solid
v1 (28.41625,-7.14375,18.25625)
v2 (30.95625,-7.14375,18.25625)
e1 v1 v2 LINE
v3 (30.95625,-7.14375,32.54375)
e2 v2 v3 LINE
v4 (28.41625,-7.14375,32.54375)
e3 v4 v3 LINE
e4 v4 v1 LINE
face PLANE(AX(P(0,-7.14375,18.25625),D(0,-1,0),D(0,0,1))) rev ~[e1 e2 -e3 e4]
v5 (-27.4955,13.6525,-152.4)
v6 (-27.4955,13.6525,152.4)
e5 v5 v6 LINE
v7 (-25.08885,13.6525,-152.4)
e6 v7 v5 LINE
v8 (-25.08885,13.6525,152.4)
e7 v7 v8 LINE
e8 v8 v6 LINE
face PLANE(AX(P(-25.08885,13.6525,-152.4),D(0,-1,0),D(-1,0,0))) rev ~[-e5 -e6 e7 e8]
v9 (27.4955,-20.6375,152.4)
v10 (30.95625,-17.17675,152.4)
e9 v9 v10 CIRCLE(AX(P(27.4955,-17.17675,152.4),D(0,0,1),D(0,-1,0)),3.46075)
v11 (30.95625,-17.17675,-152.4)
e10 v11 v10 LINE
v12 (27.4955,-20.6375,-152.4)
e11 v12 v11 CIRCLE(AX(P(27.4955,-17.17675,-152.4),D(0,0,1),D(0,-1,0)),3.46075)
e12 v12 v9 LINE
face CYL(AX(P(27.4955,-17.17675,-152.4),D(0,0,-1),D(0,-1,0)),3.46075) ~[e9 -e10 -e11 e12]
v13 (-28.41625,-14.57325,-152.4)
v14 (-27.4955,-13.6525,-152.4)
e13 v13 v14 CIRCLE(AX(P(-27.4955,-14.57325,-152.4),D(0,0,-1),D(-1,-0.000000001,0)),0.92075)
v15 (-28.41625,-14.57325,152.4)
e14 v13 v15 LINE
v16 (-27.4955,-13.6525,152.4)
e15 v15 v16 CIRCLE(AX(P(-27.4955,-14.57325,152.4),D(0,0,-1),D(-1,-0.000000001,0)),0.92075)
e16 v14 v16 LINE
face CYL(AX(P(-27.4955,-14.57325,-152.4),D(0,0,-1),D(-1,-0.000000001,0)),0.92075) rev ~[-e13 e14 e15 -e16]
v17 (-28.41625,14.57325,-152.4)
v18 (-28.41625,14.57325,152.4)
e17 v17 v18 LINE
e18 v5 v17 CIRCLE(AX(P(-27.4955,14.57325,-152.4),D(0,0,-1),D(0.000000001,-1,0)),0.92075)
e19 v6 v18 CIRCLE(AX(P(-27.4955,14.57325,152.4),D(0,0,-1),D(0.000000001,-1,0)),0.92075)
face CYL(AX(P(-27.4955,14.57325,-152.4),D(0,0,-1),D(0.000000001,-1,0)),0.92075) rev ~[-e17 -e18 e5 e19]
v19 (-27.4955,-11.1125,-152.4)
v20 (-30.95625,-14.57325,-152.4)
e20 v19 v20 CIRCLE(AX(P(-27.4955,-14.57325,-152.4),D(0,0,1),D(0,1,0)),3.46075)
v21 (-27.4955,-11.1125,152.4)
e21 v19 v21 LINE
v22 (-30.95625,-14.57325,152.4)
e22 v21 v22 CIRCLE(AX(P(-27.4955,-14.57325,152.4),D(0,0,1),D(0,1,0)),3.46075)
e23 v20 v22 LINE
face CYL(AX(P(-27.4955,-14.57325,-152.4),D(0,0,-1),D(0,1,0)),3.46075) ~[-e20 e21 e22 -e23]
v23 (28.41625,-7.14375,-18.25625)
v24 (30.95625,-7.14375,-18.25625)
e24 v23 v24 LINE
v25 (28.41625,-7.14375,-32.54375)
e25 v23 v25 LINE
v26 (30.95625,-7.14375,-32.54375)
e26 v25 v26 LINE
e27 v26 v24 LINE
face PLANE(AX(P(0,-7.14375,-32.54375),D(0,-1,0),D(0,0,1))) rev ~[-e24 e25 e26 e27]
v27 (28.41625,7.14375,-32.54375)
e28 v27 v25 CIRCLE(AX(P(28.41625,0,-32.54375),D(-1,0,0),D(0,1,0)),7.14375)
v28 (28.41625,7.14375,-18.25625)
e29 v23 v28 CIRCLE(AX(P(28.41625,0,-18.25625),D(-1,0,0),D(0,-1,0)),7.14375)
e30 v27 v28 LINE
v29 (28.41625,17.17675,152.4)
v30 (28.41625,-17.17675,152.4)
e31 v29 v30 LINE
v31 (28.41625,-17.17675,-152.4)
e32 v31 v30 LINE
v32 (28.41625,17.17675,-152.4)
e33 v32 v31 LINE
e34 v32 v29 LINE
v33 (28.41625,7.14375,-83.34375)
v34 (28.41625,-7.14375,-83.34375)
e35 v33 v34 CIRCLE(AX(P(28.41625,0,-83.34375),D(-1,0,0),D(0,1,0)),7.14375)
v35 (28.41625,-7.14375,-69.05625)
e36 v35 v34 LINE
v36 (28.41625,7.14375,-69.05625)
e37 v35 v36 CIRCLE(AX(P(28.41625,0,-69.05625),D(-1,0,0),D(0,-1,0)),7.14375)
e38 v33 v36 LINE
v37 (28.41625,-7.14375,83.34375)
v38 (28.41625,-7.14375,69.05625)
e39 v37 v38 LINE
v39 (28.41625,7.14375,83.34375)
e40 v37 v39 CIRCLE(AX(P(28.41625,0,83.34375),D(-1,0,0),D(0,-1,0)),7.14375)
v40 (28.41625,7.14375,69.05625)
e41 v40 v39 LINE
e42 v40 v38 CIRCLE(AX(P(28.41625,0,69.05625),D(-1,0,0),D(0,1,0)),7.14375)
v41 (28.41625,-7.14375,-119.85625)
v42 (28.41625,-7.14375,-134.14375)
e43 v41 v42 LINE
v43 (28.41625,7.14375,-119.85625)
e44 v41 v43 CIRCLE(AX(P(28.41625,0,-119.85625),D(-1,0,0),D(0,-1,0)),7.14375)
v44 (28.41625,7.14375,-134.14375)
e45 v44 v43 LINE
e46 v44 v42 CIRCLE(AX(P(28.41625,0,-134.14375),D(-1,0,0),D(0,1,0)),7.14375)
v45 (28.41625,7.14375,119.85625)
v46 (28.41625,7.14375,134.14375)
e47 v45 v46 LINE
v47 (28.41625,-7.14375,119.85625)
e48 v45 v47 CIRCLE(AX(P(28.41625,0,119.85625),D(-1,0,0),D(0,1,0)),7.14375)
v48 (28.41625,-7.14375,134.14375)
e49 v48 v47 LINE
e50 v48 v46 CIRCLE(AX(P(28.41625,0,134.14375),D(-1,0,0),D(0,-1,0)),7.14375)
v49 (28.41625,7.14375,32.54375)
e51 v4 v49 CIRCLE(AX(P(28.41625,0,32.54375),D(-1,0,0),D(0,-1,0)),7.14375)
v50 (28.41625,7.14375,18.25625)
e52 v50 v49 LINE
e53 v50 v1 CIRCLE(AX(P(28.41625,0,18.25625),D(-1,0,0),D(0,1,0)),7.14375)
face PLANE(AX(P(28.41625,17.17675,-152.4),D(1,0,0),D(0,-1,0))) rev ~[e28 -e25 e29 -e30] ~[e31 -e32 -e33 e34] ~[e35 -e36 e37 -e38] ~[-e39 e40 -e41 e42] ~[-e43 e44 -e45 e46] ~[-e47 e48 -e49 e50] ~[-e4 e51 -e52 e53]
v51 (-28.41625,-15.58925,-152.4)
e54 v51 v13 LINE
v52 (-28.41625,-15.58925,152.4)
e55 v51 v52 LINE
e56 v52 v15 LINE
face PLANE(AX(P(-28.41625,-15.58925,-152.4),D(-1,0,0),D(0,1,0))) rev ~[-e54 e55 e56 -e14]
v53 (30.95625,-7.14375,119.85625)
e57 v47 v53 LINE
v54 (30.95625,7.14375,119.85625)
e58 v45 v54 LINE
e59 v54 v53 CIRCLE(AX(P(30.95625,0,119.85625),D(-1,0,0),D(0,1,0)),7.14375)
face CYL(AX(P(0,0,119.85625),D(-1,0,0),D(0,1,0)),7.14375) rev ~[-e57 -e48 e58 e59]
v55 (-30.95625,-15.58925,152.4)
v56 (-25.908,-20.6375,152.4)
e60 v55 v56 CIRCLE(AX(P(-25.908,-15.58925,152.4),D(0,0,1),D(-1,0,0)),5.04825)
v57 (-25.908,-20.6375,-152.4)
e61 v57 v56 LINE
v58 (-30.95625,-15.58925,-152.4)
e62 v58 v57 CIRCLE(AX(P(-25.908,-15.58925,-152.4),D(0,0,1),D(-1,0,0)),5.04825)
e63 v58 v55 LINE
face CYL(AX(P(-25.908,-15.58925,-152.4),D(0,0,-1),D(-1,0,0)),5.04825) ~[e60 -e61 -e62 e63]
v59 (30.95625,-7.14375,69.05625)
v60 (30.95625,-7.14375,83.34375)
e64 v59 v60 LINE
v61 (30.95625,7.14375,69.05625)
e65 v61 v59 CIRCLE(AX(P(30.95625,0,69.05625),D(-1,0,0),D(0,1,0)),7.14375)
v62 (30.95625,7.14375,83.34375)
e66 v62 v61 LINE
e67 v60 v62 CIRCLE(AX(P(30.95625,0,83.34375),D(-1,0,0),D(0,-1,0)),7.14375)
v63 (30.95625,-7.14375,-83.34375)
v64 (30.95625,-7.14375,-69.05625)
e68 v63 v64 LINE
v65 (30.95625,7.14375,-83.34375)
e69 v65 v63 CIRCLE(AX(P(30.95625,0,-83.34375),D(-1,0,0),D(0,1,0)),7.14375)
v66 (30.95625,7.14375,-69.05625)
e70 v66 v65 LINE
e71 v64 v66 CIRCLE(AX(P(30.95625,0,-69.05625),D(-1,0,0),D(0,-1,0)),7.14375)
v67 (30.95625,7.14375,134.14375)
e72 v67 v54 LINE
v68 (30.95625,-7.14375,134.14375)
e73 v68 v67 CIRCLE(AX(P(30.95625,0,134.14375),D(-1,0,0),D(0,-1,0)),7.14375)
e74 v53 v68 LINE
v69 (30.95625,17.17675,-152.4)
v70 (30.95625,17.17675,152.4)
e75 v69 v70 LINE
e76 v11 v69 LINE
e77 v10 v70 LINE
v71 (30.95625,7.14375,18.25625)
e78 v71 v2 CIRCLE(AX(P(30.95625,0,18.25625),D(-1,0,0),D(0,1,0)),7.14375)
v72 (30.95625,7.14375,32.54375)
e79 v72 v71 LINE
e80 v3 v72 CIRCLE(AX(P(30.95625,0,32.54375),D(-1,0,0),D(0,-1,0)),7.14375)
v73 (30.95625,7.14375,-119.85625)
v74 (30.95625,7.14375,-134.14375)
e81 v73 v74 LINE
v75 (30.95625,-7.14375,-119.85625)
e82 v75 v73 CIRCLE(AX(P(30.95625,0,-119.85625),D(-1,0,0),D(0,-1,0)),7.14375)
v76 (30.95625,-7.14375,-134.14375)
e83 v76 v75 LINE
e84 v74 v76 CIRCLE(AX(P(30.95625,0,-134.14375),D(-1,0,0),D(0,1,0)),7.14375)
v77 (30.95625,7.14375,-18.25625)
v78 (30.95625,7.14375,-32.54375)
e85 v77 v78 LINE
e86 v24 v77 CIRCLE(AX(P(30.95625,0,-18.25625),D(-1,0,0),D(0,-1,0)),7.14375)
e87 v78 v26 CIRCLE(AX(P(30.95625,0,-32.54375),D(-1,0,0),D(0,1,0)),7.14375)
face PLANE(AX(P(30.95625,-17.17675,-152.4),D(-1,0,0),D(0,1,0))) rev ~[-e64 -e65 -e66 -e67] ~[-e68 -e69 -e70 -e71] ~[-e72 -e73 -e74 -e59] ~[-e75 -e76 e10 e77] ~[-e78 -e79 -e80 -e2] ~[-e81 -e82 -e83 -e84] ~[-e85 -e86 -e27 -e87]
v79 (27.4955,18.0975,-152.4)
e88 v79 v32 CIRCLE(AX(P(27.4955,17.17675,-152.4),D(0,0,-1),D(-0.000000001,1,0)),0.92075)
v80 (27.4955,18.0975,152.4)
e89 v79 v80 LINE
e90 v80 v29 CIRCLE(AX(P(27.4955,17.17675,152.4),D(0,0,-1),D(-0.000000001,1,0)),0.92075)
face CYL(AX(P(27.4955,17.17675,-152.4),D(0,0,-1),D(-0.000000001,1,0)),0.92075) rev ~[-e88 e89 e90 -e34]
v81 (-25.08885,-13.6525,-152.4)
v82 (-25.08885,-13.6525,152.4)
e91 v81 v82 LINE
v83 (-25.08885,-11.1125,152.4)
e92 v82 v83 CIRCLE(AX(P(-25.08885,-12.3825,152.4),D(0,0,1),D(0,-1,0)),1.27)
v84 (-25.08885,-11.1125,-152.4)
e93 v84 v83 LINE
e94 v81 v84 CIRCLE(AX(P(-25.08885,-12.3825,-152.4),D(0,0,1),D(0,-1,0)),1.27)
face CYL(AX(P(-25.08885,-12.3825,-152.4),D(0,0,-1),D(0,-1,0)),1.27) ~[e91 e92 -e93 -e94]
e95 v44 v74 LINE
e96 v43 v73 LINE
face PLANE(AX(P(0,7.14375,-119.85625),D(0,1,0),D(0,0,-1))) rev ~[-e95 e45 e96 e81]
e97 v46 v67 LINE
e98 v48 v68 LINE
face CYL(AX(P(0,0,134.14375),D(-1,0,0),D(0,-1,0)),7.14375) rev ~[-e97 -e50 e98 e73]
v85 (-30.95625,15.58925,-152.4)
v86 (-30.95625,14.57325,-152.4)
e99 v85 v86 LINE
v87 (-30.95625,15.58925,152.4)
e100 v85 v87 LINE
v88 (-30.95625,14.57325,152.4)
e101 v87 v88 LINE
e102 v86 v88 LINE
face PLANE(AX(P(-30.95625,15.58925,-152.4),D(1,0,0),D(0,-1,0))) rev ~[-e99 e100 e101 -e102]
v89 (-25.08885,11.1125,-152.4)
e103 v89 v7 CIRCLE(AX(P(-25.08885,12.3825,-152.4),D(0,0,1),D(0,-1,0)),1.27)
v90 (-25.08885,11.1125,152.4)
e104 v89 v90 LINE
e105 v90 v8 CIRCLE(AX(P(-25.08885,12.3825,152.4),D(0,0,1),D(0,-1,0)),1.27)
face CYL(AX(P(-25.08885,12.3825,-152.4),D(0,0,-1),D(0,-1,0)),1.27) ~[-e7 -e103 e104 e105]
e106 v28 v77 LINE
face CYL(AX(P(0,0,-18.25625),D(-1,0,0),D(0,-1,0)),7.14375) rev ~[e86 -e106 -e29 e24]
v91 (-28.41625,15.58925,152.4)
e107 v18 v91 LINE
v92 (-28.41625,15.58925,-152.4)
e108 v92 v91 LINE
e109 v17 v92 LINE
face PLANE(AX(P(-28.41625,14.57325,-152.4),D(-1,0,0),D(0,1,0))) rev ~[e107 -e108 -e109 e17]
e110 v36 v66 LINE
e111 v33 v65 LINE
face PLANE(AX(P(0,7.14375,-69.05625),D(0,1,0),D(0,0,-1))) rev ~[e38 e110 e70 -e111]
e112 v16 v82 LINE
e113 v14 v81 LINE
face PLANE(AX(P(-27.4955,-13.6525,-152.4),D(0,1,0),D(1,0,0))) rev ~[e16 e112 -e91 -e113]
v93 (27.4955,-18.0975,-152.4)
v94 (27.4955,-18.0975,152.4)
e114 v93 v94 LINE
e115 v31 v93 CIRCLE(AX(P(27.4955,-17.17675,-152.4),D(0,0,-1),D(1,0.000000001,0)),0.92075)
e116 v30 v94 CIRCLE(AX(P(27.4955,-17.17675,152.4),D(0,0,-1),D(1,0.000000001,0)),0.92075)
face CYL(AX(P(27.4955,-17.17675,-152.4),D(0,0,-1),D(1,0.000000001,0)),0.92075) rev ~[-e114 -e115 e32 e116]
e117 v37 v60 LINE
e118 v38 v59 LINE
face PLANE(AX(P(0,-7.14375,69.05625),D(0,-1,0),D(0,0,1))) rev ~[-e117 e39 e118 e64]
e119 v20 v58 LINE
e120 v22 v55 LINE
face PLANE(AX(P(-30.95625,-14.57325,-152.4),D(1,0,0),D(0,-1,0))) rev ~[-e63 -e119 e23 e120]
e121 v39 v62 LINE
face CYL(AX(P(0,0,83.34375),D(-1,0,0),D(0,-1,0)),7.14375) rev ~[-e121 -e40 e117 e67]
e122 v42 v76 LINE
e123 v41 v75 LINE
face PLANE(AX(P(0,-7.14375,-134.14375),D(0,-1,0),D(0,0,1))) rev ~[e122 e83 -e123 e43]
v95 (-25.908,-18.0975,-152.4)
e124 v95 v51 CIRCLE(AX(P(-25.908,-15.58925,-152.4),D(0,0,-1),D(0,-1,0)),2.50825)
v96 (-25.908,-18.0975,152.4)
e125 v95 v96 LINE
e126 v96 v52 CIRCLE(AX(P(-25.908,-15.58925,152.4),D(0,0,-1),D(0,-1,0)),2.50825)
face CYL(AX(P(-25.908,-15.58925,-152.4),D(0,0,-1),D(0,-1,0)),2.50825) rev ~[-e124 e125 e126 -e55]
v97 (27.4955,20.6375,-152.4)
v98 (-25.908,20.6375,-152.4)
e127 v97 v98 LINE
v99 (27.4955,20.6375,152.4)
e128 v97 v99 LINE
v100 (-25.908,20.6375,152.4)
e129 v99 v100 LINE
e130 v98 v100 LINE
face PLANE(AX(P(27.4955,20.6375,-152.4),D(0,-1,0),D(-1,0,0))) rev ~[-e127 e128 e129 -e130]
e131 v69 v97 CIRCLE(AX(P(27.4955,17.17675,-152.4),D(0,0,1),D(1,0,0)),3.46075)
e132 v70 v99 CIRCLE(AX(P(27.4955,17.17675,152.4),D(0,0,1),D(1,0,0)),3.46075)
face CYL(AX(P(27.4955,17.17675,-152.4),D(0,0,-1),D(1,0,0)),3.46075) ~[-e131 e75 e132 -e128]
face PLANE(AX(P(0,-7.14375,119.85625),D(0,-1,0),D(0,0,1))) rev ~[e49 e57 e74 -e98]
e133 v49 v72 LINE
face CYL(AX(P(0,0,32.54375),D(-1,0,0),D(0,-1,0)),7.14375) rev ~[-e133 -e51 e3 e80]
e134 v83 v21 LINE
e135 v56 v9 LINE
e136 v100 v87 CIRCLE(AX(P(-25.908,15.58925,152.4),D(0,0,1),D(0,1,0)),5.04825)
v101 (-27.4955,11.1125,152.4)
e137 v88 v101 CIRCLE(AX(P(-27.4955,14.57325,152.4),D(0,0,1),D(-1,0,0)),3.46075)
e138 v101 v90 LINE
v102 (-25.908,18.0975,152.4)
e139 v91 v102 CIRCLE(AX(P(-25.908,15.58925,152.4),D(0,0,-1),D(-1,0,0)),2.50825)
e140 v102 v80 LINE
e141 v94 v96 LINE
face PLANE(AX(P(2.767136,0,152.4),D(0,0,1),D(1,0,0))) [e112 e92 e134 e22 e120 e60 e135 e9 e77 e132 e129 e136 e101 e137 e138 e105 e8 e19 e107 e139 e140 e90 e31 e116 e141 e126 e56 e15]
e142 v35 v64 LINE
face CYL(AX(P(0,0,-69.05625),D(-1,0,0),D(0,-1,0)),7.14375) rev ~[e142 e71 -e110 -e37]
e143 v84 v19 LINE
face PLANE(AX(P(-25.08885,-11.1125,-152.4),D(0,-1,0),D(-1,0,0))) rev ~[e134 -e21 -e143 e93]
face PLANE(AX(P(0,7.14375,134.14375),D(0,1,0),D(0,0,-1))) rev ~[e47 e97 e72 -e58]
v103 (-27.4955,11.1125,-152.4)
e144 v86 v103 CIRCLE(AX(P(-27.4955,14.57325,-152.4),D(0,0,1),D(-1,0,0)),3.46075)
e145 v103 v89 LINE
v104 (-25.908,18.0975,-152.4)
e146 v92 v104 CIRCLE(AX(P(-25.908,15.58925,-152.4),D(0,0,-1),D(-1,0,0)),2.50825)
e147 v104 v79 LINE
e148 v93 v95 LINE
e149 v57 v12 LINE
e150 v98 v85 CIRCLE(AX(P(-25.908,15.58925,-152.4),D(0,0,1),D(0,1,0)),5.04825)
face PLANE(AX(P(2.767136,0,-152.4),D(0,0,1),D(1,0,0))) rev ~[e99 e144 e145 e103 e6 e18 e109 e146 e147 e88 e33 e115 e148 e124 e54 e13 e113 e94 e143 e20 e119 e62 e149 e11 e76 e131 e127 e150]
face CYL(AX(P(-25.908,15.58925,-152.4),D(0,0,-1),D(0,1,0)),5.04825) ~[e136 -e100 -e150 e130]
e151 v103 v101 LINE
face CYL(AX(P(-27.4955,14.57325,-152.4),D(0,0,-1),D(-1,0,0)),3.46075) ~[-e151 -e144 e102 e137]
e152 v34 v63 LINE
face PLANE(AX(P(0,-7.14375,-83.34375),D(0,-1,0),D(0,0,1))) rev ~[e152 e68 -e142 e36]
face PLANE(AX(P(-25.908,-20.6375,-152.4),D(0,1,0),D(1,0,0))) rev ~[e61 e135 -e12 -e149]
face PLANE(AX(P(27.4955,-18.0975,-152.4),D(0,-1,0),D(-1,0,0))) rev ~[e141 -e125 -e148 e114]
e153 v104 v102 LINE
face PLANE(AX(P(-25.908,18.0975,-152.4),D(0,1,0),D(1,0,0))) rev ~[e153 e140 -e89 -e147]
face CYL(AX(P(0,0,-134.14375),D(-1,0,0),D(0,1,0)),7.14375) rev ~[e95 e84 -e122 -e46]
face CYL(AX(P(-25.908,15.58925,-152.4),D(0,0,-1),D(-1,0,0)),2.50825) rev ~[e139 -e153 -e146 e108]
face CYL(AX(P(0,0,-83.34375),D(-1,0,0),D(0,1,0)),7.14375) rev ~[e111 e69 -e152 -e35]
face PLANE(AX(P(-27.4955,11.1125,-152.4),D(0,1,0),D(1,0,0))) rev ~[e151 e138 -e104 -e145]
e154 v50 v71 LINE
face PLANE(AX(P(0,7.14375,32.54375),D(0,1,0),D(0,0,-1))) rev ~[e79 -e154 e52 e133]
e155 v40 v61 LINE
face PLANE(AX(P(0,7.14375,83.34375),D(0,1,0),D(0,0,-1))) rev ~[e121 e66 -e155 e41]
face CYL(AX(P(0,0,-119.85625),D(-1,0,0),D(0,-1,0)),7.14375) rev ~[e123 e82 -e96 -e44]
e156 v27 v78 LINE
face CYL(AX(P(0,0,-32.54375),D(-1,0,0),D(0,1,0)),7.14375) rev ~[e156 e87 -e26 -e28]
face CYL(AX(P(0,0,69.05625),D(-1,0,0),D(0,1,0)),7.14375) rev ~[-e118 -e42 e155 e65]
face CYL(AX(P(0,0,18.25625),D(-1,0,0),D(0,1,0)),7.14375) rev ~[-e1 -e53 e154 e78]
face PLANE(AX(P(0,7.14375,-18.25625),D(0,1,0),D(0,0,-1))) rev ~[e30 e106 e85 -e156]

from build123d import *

# Parameters (mm, degrees)
BOSS_EXTRUDE1_DEPTH      = 152.4
BOSS_EXTRUDE1_DEPTH_BACK = 152.4
CUT_EXTRUDE1_DEPTH       = 157.875606199
LPATTERN1_COUNT          = 6
LPATTERN1_PITCH          = 50.8


with BuildPart() as part:
    # Sketch5 → Boss-Extrude1 (new, two sides: drawn at the far end of the back side and taken through both)
    with BuildSketch(Plane.XY.offset(-BOSS_EXTRUDE1_DEPTH_BACK)):
        with BuildLine():
            Line((-25.908, -20.6375), (27.4955, -20.6375))
            ThreePointArc((27.4955, -20.6375), (29.942619793, -19.623869793), (30.95625, -17.17675))
            Line((30.95625, -17.17675), (30.95625, 17.17675))
            ThreePointArc((30.95625, 17.17675), (29.942619793, 19.623869793), (27.4955, 20.6375))
            Line((27.4955, 20.6375), (-25.908, 20.6375))
            ThreePointArc((-25.908, 20.6375), (-29.477651808, 19.158901808), (-30.95625, 15.58925))
            Line((-30.95625, 15.58925), (-30.95625, 14.57325))
            ThreePointArc((-30.95625, 14.57325), (-29.942619793, 12.126130207), (-27.4955, 11.1125))
            Line((-27.4955, 11.1125), (-25.08885, 11.1125))
            ThreePointArc((-25.08885, 11.1125), (-23.81885, 12.3825), (-25.08885, 13.6525))
            Line((-25.08885, 13.6525), (-27.4955, 13.6525))
            ThreePointArc((-27.4955, 13.6525), (-28.146568569, 13.922181431), (-28.41625, 14.57325))
            Line((-28.41625, 14.57325), (-28.41625, 15.58925))
            ThreePointArc((-28.41625, 15.58925), (-27.681600584, 17.362850584), (-25.908, 18.0975))
            Line((-25.908, 18.0975), (27.4955, 18.0975))
            ThreePointArc((27.4955, 18.0975), (28.146568569, 17.827818569), (28.41625, 17.17675))
            Line((28.41625, 17.17675), (28.41625, -17.17675))
            ThreePointArc((28.41625, -17.17675), (28.146568569, -17.827818569), (27.4955, -18.0975))
            Line((27.4955, -18.0975), (-25.908, -18.0975))
            ThreePointArc((-25.908, -18.0975), (-27.681600584, -17.362850584), (-28.41625, -15.58925))
            Line((-28.41625, -15.58925), (-28.41625, -14.57325))
            ThreePointArc((-28.41625, -14.57325), (-28.146568569, -13.922181431), (-27.4955, -13.6525))
            Line((-27.4955, -13.6525), (-25.08885, -13.6525))
            ThreePointArc((-25.08885, -13.6525), (-23.81885, -12.3825), (-25.08885, -11.1125))
            Line((-25.08885, -11.1125), (-27.4955, -11.1125))
            ThreePointArc((-27.4955, -11.1125), (-29.942619793, -12.126130207), (-30.95625, -14.57325))
            Line((-30.95625, -14.57325), (-30.95625, -15.58925))
            ThreePointArc((-30.95625, -15.58925), (-29.477651808, -19.158901808), (-25.908, -20.6375))
        make_face()
    extrude(amount=BOSS_EXTRUDE1_DEPTH + BOSS_EXTRUDE1_DEPTH_BACK)

    # Sketch2 → Cut-Extrude1 (cut, through all)
    with BuildSketch(Plane(origin=(0, 0, 0), x_dir=(0, 0, -1), z_dir=(1, 0, 0))):
        with BuildLine():
            Line((-134.14375, 7.14375), (-119.85625, 7.14375))
            ThreePointArc((-119.85625, 7.14375), (-112.7125, 0), (-119.85625, -7.14375))
            Line((-119.85625, -7.14375), (-134.14375, -7.14375))
            ThreePointArc((-134.14375, -7.14375), (-141.2875, 0), (-134.14375, 7.14375))
        make_face()
    cut_extrude1 = extrude(amount=CUT_EXTRUDE1_DEPTH, mode=Mode.SUBTRACT)

    # LPattern1: Cut-Extrude1 ×6
    with Locations(*[(0, 0, -i * LPATTERN1_PITCH) for i in range(1, LPATTERN1_COUNT)]):
        add(cut_extrude1, mode=Mode.SUBTRACT)


solid = part.part
